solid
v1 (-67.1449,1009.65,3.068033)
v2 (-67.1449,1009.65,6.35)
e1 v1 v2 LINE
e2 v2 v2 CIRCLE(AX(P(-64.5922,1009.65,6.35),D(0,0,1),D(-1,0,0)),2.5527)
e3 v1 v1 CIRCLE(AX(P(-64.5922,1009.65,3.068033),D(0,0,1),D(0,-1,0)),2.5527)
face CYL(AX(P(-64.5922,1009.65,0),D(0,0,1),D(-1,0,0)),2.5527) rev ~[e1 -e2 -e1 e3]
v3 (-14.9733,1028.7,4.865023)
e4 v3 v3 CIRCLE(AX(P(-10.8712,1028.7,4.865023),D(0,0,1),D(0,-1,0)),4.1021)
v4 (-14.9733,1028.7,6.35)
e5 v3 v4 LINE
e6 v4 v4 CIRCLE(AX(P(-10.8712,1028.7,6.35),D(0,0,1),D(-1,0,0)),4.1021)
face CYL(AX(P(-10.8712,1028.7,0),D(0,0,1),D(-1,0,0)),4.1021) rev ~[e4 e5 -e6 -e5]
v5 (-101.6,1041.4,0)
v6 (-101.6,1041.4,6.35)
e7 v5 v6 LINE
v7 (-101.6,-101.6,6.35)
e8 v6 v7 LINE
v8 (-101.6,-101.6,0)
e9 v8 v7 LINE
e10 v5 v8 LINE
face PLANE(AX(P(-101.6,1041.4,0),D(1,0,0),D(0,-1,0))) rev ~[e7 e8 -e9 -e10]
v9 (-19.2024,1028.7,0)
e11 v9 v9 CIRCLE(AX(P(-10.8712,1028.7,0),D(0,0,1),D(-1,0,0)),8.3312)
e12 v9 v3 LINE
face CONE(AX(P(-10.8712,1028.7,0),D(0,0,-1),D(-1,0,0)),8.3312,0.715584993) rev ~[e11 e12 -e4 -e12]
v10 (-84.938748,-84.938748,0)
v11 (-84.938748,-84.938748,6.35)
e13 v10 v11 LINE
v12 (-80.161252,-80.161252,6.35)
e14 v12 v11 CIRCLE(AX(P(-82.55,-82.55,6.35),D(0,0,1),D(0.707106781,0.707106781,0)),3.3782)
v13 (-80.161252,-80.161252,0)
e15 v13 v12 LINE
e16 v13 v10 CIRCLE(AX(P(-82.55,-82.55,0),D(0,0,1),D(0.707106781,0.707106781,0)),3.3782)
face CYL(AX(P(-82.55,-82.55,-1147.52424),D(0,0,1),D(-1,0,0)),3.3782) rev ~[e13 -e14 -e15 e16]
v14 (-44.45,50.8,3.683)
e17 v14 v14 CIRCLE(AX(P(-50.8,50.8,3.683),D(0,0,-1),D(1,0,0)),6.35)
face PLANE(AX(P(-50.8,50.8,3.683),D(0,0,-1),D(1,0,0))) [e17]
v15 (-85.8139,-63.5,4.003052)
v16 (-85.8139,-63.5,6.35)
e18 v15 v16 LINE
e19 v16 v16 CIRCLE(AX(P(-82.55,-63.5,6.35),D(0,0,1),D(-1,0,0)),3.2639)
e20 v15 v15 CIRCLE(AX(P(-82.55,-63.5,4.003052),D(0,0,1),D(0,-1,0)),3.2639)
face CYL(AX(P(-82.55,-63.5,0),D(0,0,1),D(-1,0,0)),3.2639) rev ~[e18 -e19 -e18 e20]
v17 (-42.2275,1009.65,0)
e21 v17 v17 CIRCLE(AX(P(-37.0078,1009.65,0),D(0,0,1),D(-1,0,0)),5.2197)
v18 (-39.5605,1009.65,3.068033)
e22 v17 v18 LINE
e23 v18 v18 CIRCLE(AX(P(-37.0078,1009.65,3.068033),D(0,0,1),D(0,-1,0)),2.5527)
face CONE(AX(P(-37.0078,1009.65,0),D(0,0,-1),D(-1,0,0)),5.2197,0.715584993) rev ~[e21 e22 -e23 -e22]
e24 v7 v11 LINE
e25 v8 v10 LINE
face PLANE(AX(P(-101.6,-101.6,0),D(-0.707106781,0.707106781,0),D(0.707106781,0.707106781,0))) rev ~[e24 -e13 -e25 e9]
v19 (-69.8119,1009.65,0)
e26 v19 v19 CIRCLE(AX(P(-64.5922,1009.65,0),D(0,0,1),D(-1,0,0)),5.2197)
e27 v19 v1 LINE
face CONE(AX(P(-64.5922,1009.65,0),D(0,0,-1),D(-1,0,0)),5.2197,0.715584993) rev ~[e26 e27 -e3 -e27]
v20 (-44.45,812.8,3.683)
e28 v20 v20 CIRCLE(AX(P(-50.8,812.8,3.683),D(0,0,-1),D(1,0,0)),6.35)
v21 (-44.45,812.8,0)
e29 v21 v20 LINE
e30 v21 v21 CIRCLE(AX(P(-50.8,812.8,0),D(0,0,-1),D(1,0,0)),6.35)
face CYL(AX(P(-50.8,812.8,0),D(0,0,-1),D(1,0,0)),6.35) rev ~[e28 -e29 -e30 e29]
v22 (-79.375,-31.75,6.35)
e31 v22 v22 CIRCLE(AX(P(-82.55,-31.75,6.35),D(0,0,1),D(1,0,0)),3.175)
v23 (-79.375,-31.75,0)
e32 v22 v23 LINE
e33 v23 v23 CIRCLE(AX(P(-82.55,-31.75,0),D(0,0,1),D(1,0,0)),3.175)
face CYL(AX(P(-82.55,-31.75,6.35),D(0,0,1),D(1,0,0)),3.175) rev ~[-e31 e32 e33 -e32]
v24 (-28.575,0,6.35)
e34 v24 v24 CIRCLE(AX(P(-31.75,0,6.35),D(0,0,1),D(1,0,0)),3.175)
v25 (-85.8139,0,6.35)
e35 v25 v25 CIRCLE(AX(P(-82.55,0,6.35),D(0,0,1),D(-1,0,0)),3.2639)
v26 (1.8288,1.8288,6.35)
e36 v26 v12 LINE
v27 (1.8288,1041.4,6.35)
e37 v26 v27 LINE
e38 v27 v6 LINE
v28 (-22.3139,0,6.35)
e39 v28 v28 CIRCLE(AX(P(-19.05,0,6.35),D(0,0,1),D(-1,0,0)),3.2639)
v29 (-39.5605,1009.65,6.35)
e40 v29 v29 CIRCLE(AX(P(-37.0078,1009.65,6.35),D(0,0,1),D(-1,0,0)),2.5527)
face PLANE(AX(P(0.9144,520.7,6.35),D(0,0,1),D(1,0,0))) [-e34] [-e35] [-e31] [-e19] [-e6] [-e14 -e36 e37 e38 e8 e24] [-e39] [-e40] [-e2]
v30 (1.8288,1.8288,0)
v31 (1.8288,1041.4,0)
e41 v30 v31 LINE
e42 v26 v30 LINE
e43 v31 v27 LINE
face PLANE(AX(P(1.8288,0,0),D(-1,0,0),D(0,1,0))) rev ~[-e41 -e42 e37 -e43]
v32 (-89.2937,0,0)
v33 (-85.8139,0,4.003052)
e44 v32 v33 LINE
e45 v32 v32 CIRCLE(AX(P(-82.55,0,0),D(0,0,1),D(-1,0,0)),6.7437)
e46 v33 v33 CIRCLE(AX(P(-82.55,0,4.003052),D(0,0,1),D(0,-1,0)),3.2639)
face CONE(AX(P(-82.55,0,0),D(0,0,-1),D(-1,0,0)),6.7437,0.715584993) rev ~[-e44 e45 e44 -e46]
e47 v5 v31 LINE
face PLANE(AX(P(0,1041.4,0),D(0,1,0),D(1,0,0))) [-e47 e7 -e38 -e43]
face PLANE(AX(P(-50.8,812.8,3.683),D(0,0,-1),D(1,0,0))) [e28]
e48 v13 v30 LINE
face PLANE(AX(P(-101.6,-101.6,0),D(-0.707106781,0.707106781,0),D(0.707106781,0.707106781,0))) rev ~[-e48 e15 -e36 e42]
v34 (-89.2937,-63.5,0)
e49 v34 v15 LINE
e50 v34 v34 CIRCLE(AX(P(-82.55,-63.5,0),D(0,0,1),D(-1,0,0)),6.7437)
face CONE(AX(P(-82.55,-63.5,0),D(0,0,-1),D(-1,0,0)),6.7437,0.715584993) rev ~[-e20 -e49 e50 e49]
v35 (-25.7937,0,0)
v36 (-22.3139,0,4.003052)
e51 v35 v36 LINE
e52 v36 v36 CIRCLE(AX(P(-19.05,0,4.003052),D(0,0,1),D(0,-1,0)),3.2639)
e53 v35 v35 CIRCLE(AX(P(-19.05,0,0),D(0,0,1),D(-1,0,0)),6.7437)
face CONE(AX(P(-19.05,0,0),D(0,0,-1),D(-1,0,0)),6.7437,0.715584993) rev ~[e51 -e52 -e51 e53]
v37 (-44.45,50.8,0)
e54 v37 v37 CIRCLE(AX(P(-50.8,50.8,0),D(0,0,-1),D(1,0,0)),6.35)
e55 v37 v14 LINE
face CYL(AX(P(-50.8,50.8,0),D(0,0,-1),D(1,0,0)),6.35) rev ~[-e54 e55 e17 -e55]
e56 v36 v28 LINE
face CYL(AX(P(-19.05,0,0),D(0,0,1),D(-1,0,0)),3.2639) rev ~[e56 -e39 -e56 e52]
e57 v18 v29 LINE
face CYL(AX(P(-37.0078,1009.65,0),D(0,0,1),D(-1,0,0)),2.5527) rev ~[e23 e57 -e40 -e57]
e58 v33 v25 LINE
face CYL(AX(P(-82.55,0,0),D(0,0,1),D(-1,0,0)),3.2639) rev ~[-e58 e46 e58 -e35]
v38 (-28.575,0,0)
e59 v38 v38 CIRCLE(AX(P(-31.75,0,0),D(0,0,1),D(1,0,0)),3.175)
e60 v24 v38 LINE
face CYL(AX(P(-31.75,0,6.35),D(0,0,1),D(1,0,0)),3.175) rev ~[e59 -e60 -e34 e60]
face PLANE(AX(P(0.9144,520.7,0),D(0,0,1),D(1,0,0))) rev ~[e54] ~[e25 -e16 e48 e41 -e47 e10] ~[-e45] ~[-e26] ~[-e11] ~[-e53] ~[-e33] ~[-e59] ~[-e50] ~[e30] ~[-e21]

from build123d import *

# Parameters (mm, degrees)
F1_DEPTH        = 6.35
F3_D            = 6.5278
F3_CSINK_D      = 13.4874
F3_CSINK_ANGLE  = 82
F4_R            = 6.35
F5_DEPTH        = 3.683
F7_D            = 5.1054
F7_CSINK_D      = 10.4394
F7_CSINK_ANGLE  = 82
F9_D            = 6.7564
F10_R           = 3.175
F11_DEPTH       = 6.351
F12_W           = 1.8288
F12_H           = 1041.4
F13_DEPTH       = 6.35
F15_DEPTH       = 25.4
F17_D           = 8.2042
F17_CSINK_D     = 16.6624
F17_CSINK_ANGLE = 82


with BuildPart() as f1:
    # F0 (on Top) → F1 (new body)
    with BuildSketch(Plane.XY):
        Polygon((-101.6, -101.6), (0, 0), (0, 1041.4), (-101.6, 1041.4), align=None)
    extrude(amount=F1_DEPTH)

    # F3 (through all)
    with Locations(Plane(origin=(0, 0, 0), x_dir=(1, 0, 0), z_dir=(0, 0, -1))):
        with Locations((-82.55, 63.5), (-82.55, 0), (-19.05, 0)):
            CounterSinkHole(F3_D / 2, F3_CSINK_D / 2, counter_sink_angle=F3_CSINK_ANGLE)

    # F4 (on face) → F5 (cut)
    with BuildSketch(Plane(origin=(0, 0, 0), x_dir=(1, 0, 0), z_dir=(0, 0, -1))):
        with Locations((-50.8, -50.8)):
            Circle(F4_R)
        with Locations((-50.8, -812.8)):
            Circle(F4_R)
    extrude(amount=-F5_DEPTH, mode=Mode.SUBTRACT)

    # F7 (through all)
    with Locations(Plane(origin=(0, 0, 0), x_dir=(1, 0, 0), z_dir=(0, 0, -1))):
        with Locations((-37.0078, -1009.65), (-64.5922, -1009.65)):
            CounterSinkHole(F7_D / 2, F7_CSINK_D / 2, counter_sink_angle=F7_CSINK_ANGLE)

    # F9 (through all)
    with Locations(Plane(origin=(0, 0, 0), x_dir=(1, 0, 0), z_dir=(0, 0, -1))):
        with Locations((-82.55, 82.55)):
            Hole(F9_D / 2)

    # F10 (on face) → F11 (cut, through all)
    with BuildSketch(Plane.XY.offset(6.35)):
        with Locations((-82.55, -31.75)):
            Circle(F10_R)
        with Locations((-31.75, 0)):
            Circle(F10_R)
    extrude(amount=-F11_DEPTH, mode=Mode.SUBTRACT)

    # F12 (on Top) → F13 (join)
    with BuildSketch(Plane.XY):
        with Locations((0.9144, 520.7)):
            Rectangle(F12_W, F12_H)
    extrude(amount=F13_DEPTH)

    # F14 (on face) → F15 (cut)
    with BuildSketch(Plane.XY.offset(6.35)):
        Polygon((1.8288, 1.8288), (0, 0), (1.8288, 0), align=None)
    extrude(amount=-F15_DEPTH, mode=Mode.SUBTRACT)

    # F17 (through all)
    with Locations(Plane(origin=(0, 0, 0), x_dir=(1, 0, 0), z_dir=(0, 0, -1))):
        with Locations((-10.8712, -1028.7)):
            CounterSinkHole(F17_D / 2, F17_CSINK_D / 2, counter_sink_angle=F17_CSINK_ANGLE)


solid = f1.part
